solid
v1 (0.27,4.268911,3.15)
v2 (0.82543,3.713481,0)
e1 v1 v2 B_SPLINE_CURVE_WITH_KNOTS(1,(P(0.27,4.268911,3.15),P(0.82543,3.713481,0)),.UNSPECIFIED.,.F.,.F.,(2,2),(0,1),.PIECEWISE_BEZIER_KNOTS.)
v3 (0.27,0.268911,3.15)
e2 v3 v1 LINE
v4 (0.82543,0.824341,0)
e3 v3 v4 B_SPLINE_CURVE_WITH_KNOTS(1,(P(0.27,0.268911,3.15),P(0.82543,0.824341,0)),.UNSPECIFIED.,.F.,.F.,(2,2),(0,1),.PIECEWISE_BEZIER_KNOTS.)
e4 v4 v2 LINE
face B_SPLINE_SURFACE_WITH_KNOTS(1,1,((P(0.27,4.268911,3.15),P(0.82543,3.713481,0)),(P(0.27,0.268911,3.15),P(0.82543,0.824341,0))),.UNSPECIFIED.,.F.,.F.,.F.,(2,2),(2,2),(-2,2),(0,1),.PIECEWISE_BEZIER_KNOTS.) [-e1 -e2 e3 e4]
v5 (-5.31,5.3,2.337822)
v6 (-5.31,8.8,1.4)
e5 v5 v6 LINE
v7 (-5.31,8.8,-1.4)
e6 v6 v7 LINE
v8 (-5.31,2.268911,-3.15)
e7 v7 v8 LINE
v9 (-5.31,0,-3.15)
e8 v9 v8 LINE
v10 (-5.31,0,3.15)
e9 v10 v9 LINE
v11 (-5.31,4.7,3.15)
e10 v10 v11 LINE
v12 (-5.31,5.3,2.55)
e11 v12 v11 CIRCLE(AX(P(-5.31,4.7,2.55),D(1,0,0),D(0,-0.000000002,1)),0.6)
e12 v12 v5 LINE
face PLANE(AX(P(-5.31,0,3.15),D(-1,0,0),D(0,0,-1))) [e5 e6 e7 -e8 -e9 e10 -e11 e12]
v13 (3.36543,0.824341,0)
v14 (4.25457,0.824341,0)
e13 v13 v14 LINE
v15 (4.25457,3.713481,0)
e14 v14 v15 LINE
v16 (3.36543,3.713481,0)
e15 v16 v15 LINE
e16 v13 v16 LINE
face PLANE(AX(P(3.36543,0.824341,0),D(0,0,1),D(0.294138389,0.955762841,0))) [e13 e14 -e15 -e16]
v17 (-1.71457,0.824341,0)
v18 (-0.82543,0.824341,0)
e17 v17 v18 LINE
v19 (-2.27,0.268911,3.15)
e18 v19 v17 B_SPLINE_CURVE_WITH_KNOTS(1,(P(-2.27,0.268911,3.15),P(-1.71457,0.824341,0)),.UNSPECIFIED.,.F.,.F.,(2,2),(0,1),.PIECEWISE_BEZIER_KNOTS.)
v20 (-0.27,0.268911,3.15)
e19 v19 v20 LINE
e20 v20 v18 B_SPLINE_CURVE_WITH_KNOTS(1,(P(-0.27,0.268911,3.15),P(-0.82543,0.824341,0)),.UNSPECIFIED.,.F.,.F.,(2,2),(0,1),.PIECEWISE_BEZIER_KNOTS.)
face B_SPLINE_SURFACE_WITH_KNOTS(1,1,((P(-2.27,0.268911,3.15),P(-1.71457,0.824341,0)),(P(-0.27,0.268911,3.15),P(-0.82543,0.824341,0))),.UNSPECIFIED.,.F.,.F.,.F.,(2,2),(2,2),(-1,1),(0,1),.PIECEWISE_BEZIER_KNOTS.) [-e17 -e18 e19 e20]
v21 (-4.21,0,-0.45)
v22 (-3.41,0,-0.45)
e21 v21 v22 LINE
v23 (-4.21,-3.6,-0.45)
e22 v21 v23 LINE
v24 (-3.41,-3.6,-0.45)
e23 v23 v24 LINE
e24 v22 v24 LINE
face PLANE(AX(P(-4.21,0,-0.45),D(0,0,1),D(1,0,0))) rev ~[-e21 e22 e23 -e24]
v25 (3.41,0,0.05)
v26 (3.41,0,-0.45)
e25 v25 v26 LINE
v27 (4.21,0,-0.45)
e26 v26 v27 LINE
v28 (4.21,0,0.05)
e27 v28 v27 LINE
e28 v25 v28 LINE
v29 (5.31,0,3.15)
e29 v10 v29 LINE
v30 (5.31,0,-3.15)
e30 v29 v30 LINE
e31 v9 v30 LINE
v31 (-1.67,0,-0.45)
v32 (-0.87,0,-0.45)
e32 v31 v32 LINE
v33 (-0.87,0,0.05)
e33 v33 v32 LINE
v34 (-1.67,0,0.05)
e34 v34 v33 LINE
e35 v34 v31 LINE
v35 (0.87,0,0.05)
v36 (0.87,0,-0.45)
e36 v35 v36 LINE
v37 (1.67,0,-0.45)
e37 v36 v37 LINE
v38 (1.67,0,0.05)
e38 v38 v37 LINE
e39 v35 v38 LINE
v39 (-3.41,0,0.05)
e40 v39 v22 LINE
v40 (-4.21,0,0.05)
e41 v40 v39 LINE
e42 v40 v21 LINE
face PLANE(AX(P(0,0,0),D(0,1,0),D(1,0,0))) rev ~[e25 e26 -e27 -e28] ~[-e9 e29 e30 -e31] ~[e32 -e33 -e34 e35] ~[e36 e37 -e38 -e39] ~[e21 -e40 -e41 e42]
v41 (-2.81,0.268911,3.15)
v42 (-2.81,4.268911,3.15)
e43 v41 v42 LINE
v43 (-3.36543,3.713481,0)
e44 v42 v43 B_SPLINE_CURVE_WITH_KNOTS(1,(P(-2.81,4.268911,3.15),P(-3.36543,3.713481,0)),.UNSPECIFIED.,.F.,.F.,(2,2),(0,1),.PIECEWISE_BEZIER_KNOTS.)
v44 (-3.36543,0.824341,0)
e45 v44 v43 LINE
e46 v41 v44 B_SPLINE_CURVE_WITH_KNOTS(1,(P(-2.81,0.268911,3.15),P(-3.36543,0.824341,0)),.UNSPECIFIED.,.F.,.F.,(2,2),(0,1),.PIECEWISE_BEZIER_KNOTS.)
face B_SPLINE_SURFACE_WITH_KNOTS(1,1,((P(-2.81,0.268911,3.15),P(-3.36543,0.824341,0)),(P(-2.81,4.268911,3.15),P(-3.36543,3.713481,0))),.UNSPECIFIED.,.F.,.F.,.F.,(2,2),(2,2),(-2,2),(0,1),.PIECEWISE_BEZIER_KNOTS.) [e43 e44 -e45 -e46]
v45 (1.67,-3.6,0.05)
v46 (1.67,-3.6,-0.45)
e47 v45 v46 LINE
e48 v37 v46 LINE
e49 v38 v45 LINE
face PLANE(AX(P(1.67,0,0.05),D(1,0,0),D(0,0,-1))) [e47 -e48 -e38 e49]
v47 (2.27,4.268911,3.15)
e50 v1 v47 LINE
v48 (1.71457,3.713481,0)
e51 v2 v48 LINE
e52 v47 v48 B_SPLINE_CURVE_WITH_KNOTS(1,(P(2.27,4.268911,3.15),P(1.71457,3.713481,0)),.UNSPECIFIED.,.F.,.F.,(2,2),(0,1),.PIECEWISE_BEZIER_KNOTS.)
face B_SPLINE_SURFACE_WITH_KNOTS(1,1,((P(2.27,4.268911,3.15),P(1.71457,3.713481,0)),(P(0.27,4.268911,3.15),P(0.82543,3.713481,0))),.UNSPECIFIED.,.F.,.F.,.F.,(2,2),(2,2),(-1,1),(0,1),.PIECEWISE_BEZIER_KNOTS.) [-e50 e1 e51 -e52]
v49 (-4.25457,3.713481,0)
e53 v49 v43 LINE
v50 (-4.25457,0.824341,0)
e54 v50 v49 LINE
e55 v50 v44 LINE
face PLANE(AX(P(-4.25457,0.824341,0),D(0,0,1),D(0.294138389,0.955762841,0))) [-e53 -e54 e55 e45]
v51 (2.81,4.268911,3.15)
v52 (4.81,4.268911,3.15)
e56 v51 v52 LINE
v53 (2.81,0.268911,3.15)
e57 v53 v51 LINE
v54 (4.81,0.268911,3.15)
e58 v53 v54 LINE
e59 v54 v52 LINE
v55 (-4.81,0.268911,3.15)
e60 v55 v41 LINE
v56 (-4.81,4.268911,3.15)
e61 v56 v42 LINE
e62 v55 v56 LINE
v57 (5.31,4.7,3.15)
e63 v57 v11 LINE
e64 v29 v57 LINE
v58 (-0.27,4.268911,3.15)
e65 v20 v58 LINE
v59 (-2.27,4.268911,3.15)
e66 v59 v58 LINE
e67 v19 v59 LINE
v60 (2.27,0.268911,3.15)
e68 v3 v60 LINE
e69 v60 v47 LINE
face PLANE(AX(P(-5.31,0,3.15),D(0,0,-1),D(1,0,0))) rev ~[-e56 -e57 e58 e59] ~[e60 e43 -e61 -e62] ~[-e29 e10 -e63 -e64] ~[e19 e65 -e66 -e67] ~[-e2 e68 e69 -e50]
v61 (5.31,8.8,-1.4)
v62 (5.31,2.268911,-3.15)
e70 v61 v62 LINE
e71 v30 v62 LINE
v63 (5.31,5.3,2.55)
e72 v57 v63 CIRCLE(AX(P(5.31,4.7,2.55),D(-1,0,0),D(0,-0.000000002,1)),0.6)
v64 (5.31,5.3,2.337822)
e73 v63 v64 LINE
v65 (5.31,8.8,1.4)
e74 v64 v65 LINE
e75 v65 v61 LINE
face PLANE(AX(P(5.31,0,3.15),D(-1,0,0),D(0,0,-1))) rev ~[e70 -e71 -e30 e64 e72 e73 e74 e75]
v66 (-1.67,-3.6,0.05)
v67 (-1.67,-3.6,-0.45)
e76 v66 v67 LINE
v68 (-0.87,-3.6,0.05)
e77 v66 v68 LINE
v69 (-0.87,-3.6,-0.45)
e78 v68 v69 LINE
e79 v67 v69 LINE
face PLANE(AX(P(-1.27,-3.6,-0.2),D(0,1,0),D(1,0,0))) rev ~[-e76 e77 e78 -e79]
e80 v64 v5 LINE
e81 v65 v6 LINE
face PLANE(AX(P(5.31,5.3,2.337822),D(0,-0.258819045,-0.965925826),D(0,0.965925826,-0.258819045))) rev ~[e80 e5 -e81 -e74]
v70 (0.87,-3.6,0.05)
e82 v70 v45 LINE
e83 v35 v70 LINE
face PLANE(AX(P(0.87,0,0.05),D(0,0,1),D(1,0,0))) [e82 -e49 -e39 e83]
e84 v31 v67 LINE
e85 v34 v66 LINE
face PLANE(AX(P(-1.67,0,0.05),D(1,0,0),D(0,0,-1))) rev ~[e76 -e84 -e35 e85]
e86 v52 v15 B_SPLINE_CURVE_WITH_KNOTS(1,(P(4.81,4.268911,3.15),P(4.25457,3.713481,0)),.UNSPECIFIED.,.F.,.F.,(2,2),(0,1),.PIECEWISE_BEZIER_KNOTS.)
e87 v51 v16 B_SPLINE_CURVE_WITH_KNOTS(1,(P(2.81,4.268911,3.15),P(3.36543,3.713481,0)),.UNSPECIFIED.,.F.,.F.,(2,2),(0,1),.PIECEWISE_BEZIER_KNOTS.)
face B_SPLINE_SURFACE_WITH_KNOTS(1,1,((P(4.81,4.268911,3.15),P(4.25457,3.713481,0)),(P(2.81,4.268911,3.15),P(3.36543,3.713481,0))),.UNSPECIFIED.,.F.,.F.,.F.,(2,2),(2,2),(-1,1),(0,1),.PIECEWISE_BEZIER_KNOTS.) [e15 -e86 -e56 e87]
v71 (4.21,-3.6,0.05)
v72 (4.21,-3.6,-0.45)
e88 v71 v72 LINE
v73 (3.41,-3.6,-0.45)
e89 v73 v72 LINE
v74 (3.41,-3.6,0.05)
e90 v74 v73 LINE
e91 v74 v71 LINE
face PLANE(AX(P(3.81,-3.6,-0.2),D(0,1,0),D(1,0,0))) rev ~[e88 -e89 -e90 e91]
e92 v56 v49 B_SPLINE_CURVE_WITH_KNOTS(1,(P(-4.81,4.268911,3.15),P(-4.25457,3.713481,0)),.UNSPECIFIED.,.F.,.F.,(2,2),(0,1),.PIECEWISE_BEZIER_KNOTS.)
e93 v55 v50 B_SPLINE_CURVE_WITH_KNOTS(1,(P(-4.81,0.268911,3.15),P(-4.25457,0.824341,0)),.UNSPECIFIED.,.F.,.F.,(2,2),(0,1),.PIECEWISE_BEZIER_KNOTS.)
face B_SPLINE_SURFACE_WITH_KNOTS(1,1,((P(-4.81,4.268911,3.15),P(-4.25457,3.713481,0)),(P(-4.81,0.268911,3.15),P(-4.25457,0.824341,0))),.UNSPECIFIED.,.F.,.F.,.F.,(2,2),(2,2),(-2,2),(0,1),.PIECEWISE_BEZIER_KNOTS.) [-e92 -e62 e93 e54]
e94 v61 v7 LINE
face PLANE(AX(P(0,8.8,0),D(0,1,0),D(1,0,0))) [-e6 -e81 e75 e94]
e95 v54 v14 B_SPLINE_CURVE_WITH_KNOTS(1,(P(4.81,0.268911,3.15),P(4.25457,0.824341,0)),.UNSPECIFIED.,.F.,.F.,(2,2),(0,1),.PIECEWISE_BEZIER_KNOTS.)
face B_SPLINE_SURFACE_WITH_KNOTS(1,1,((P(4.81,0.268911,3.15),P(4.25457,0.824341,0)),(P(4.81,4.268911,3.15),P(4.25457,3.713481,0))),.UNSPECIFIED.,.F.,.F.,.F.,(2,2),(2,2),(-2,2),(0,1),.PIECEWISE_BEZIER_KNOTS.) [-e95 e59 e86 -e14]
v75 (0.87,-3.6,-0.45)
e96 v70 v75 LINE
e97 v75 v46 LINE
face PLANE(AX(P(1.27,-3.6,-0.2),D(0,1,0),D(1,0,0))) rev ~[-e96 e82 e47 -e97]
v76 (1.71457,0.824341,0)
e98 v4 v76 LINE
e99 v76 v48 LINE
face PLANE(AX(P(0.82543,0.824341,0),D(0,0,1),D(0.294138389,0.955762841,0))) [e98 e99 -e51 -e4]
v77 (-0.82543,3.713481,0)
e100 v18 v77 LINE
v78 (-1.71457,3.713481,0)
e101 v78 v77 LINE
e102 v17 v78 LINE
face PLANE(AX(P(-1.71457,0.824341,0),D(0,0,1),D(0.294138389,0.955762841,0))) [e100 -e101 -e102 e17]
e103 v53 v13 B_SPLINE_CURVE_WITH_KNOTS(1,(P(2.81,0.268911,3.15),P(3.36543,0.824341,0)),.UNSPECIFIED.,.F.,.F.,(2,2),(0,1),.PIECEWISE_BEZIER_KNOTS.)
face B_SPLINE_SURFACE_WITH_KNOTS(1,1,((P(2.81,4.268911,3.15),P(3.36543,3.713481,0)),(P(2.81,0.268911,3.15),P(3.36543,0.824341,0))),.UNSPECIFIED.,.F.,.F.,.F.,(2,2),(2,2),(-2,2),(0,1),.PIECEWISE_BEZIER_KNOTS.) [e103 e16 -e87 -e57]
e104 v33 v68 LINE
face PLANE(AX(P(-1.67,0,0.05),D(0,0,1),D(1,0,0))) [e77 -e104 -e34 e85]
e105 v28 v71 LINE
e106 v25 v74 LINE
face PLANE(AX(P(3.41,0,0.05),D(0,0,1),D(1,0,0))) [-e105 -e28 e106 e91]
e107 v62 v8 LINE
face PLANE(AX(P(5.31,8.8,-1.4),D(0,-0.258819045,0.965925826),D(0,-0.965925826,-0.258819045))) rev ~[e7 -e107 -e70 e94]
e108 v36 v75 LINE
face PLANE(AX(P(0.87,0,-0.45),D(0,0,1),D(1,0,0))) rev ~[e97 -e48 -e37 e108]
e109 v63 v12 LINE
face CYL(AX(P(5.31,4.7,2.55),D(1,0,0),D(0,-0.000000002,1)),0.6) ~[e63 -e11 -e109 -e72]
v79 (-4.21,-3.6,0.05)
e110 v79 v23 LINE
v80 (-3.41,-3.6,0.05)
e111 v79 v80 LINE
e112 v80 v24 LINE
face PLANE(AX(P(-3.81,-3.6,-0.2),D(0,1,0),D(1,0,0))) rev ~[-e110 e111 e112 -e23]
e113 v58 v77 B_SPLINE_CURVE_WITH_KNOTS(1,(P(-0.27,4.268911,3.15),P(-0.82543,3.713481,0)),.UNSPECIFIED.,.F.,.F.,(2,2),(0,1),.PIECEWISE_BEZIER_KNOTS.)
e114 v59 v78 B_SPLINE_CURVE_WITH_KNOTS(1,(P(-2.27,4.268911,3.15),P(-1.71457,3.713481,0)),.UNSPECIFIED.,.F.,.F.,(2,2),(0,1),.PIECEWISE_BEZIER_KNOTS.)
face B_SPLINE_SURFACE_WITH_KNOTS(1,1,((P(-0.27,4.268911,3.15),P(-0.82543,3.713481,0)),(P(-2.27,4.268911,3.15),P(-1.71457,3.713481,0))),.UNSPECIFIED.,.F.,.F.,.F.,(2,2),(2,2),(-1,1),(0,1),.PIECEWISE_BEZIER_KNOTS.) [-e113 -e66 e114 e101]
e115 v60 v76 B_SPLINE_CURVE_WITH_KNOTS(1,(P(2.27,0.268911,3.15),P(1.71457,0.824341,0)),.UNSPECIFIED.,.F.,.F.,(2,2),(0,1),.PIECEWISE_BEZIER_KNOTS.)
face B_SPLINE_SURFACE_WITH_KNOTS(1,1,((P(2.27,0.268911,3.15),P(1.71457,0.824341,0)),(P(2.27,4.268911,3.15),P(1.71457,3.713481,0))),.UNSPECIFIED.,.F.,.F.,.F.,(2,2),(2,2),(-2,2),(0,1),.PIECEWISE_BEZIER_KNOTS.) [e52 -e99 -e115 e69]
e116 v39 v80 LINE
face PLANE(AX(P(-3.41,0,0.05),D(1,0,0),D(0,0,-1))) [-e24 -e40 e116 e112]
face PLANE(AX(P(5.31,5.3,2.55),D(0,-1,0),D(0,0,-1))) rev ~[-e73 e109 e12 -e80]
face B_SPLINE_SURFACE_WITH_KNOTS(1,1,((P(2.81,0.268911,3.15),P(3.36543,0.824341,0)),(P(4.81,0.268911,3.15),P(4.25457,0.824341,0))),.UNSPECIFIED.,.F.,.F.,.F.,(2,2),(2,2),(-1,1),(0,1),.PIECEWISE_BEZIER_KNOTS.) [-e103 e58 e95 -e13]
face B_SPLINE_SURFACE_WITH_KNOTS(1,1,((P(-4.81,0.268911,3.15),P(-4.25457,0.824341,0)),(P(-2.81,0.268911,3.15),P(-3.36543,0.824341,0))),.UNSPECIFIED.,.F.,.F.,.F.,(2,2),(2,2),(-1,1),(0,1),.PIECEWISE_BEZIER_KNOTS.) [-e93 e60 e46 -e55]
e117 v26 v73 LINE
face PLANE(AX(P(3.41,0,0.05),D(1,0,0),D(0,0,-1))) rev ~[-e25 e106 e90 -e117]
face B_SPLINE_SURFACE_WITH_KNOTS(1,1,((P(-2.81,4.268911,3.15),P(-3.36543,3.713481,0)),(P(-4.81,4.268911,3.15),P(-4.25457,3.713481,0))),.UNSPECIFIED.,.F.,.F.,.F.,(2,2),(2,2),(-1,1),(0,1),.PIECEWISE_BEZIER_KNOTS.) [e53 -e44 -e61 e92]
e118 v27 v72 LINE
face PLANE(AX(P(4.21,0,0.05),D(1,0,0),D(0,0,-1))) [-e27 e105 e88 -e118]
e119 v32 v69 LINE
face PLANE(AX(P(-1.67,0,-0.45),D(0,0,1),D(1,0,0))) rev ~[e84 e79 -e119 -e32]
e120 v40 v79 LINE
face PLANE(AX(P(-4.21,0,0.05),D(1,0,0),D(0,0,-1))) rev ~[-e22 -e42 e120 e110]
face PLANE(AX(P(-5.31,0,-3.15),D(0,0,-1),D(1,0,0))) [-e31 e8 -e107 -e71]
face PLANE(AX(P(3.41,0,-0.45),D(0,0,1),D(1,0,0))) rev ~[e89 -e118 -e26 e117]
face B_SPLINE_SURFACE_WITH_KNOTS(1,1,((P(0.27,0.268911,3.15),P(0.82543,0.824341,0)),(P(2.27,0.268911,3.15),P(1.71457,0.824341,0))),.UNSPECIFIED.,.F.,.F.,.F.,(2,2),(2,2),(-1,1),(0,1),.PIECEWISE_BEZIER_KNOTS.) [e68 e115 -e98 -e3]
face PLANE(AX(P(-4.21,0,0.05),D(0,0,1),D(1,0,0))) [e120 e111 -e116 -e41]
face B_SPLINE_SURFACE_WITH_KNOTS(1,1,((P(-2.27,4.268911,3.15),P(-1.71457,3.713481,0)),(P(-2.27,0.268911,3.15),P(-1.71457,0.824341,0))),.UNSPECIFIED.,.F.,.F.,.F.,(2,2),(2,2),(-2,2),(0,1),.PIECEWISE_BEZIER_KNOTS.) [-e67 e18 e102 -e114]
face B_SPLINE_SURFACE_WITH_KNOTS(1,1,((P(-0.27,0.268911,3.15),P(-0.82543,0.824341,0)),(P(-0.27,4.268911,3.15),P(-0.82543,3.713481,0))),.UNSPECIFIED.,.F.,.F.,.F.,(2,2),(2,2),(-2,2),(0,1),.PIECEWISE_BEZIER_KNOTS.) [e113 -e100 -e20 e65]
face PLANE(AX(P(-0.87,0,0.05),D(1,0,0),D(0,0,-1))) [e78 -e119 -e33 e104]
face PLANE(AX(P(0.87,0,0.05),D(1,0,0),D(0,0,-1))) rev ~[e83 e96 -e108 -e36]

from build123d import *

# Parameters (mm, degrees)
SKETCH1_W           = 10.62
SKETCH1_H           = 6.3
BOSS_EXTRUDE1_DEPTH = 8.8
SKETCH2_W           = 0.8
SKETCH2_H           = 0.5
BOSS_EXTRUDE2_DEPTH = 3.6
CUT_EXTRUDE1_REACH  = 12.62
SKETCH4_W           = 2
SKETCH4_H           = 4
CUT_EXTRUDE2_DEPTH  = 3.15
CUT_EXTRUDE2_TAPER  = 10


with BuildPart() as part:
    # Sketch1 → Boss-Extrude1 (new body)
    with BuildSketch(Plane(origin=(0, 0, 0), x_dir=(1, 0, 0), z_dir=(0, 1, 0))):
        Rectangle(SKETCH1_W, SKETCH1_H)
    extrude(amount=BOSS_EXTRUDE1_DEPTH)

    # Sketch2 → Boss-Extrude2 (add)
    with BuildSketch(Plane(origin=(0, 0, 0), x_dir=(1, 0, 0), z_dir=(0, 1, 0))):
        with Locations((1.27, 0.2)):
            Rectangle(SKETCH2_W, SKETCH2_H)
        with Locations((3.81, 0.2)):
            Rectangle(SKETCH2_W, SKETCH2_H)
        with Locations((-1.27, 0.2)):
            Rectangle(SKETCH2_W, SKETCH2_H)
        with Locations((-3.81, 0.2)):
            Rectangle(SKETCH2_W, SKETCH2_H)
    extrude(amount=-BOSS_EXTRUDE2_DEPTH)

    # Sketch3 → Cut-Extrude1 (cut, up to next)
    with BuildSketch(Plane(origin=(5.31, 0, 0), x_dir=(0, 0, -1), z_dir=(1, 0, 0)), mode=Mode.PRIVATE) as cut_extrude1_sk1:
        with BuildLine():
            ThreePointArc((-3.15, 4.7), (-2.974264069, 5.124264069), (-2.55, 5.3))
            Line((-2.55, 5.3), (-2.337822174, 5.3))
            Line((-2.337822174, 5.3), (-1.4, 8.8))
            Line((-1.4, 8.8), (-3.15, 8.8))
            Line((-3.15, 8.8), (-3.15, 4.7))
        make_face()
    cut_extrude1_tool1 = extrude(cut_extrude1_sk1.sketch, amount=-CUT_EXTRUDE1_REACH, mode=Mode.PRIVATE) & part.part
    add(cut_extrude1_tool1.solids().sort_by_distance((5.31, 7.227986, 2.489914))[0], mode=Mode.SUBTRACT)
    # Sketch3 → Cut-Extrude1 (cut, up to next)
    with BuildSketch(Plane(origin=(5.31, 0, 0), x_dir=(0, 0, -1), z_dir=(1, 0, 0)), mode=Mode.PRIVATE) as cut_extrude1_sk2:
        Polygon((3.15, 8.8), (1.4, 8.8), (3.15, 2.268911087), align=None)
    cut_extrude1_tool2 = extrude(cut_extrude1_sk2.sketch, amount=-CUT_EXTRUDE1_REACH, mode=Mode.PRIVATE) & part.part
    add(cut_extrude1_tool2.solids().sort_by_distance((5.31, 6.62297, -2.566667))[0], mode=Mode.SUBTRACT)

    # Sketch4 → Cut-Extrude2 (cut)
    with BuildSketch(Plane.XY.offset(3.15)):
        with Locations((-3.81, 2.268911087)):
            Rectangle(SKETCH4_W, SKETCH4_H)
        with Locations((-1.27, 2.268911087)):
            Rectangle(SKETCH4_W, SKETCH4_H)
        with Locations((1.27, 2.268911087)):
            Rectangle(SKETCH4_W, SKETCH4_H)
        with Locations((3.81, 2.268911087)):
            Rectangle(SKETCH4_W, SKETCH4_H)
    extrude(amount=-CUT_EXTRUDE2_DEPTH, taper=CUT_EXTRUDE2_TAPER, mode=Mode.SUBTRACT)


solid = part.part
